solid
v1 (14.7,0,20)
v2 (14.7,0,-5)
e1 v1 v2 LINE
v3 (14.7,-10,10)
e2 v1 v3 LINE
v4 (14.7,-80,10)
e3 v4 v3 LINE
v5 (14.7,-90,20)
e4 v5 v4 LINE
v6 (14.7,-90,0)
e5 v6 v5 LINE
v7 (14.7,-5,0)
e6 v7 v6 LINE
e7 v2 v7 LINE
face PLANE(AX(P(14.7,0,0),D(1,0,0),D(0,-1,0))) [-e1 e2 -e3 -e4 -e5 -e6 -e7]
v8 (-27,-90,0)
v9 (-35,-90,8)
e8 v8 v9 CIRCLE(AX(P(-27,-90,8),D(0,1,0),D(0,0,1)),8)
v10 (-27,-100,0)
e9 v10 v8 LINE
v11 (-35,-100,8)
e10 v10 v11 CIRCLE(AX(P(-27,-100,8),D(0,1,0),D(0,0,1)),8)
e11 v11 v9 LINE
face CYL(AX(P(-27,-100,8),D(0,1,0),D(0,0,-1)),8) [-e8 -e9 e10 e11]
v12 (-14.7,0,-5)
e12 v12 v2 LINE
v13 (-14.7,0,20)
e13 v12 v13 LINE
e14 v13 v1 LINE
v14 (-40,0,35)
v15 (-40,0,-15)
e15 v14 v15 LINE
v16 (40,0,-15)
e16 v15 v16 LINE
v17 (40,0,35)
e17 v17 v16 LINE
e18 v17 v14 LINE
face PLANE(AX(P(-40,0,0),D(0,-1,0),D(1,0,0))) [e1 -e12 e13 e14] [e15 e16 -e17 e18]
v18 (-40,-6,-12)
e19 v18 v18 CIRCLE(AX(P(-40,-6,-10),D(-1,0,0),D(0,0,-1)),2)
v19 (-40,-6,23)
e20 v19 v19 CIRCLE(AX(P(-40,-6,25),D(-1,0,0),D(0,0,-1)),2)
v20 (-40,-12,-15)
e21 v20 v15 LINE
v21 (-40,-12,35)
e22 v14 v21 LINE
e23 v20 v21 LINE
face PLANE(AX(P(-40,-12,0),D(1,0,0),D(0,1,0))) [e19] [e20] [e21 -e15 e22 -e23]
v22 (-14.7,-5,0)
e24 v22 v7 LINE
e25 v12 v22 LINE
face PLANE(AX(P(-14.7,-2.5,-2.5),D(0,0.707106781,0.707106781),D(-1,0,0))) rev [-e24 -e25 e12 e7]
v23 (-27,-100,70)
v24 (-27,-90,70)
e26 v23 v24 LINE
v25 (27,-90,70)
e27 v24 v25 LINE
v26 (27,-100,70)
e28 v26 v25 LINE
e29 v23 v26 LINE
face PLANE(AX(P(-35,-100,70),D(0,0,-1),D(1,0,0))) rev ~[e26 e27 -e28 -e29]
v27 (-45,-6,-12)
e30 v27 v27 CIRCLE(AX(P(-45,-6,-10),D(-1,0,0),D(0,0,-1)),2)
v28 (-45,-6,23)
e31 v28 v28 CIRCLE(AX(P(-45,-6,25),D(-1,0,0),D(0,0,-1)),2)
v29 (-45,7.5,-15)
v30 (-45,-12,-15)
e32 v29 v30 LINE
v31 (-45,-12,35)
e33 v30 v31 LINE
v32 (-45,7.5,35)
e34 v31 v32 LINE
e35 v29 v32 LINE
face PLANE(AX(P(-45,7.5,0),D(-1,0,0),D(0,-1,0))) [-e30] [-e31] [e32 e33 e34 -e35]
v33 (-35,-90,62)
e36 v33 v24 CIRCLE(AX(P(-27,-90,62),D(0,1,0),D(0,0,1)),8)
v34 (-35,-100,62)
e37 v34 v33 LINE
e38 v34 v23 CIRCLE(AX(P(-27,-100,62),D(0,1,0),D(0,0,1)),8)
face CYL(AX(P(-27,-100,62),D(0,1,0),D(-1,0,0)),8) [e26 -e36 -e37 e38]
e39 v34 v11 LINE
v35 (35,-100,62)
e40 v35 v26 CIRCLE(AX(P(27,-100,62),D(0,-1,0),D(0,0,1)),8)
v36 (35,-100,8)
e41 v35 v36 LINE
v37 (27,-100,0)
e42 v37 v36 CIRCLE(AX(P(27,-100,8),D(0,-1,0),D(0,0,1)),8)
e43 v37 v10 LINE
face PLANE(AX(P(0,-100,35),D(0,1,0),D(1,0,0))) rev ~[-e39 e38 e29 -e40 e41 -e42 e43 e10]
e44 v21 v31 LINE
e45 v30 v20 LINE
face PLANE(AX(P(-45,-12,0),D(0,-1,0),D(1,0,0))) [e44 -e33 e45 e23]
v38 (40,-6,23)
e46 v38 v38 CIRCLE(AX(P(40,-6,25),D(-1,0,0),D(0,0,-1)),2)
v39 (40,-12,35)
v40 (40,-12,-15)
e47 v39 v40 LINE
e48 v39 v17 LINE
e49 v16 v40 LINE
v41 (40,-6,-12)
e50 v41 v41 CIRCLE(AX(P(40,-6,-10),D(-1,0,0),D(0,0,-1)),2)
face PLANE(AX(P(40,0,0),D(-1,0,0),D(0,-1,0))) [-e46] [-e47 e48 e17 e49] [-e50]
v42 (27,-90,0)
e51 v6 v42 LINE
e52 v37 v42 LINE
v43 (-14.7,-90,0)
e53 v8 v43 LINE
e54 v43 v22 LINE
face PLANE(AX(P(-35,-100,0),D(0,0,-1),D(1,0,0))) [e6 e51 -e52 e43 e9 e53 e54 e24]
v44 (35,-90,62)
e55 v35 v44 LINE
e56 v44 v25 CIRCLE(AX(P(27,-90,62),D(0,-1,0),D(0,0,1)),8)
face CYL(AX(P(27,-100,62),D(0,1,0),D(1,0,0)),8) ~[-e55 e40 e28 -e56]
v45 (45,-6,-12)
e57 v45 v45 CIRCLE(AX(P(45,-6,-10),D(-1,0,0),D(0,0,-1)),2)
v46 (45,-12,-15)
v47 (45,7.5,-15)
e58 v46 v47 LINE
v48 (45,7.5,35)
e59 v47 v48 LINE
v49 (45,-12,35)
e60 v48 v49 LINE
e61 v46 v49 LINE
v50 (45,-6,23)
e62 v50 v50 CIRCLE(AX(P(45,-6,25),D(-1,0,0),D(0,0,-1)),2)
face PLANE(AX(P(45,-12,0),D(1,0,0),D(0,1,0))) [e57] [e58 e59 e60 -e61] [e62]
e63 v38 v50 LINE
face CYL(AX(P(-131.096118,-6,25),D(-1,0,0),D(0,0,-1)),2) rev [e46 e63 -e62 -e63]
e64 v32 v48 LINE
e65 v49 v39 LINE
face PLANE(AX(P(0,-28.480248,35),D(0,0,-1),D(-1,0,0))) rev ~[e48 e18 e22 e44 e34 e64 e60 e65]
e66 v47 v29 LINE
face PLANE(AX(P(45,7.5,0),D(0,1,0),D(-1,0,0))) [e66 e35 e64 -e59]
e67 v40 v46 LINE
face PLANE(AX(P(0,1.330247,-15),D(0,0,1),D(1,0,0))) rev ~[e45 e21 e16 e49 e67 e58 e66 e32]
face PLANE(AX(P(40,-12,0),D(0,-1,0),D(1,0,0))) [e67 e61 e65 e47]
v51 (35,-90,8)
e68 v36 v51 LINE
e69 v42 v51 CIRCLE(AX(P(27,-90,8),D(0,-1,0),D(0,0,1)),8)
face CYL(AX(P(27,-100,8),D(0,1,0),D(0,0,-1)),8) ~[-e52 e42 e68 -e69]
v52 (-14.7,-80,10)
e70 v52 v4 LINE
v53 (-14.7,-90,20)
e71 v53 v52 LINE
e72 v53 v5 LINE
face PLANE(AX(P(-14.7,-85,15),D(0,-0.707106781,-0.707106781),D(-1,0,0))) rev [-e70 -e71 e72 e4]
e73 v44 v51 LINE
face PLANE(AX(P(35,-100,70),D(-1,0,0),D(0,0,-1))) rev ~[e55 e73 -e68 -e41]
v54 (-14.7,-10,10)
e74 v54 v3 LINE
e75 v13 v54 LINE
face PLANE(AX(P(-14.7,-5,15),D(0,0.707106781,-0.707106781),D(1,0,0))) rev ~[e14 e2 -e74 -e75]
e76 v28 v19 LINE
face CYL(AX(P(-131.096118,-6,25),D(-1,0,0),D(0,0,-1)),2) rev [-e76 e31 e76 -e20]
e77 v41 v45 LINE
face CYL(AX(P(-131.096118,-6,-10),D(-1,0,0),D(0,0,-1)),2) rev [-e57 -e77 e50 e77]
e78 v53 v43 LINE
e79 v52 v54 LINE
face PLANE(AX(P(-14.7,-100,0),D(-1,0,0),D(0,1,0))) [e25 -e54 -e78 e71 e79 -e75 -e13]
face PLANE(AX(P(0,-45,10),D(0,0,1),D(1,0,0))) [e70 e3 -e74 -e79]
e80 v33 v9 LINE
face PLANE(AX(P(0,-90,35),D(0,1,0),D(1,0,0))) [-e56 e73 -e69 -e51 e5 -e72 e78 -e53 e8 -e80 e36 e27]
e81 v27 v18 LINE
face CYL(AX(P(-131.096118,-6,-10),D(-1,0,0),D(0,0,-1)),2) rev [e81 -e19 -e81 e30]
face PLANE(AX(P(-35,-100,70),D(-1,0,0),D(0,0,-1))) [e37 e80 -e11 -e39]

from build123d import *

# Parameters (mm, degrees)
EXTRUDE_2_DEPTH          = 35
EXTRUDE_START            = -100
SKETCH_3_W               = 70
SKETCH_3_H               = 70
EXTRUDE_3_DEPTH          = 10
CUT_EXTRUDE_START        = 35
SKETCH_4_W               = 29.4
SKETCH_4_H               = 90
CUT_EXTRUDE_1_DEPTH      = 25
CHAMFER_1_SIZE           = 10
EXTRUDE_4_DEPTH          = 15
CHAMFER_2_SIZE           = 5
CUT_EXTRUDE_2_DEPTH      = 131.096118313
CUT_EXTRUDE_2_DEPTH_BACK = 131.096118313
SKETCH_6_R               = 2
FILLET_2_R               = 8


with BuildPart() as part:
    # 草图2 → 凸台-拉伸2 (new body)
    with BuildSketch(Plane.XY):
        Polygon((-45, 7.5), (45, 7.5), (45, -12), (40, -12), (40, 0), (14.7, 0), (14.7, -100), (-14.7, -100), (-14.7, 0), (-40, 0), (-40, -12), (-45, -12), align=None)
    extrude(amount=EXTRUDE_2_DEPTH)

    # 草图3 → 凸台-拉伸3 (add)
    with BuildSketch(Plane(origin=(0, 0, 0), x_dir=(1, 0, 0), z_dir=(0, 1, 0)).offset(EXTRUDE_START)):
        with Locations((0, -35)):
            Rectangle(SKETCH_3_W, SKETCH_3_H)
    extrude(amount=EXTRUDE_3_DEPTH)

    # 草图4 → 切除-拉伸1 (cut)
    with BuildSketch(Plane.XY.offset(CUT_EXTRUDE_START)):
        with Locations((0, -45)):
            Rectangle(SKETCH_4_W, SKETCH_4_H)
    extrude(amount=-CUT_EXTRUDE_1_DEPTH, mode=Mode.SUBTRACT)

    # 倒角1
    chamfer_1_edges = [part.edges().sort_by_distance(p)[0] for p in [
        (0, 0, 10),
        (0, -90, 10),
    ]]
    chamfer(chamfer_1_edges, length=CHAMFER_1_SIZE)

    # 草图5 → 凸台-拉伸4 (add)
    with BuildSketch(Plane.XY):
        Polygon((40, -12), (45, -12), (45, 7.5), (-45, 7.5), (-45, -12), (-40, -12), (-40, 0), (40, 0), align=None)
    extrude(amount=-EXTRUDE_4_DEPTH)

    # 倒角2
    chamfer_2_edges = [part.edges().sort_by_distance(p)[0] for p in [
        (0, 0, 0),
    ]]
    chamfer(chamfer_2_edges, length=CHAMFER_2_SIZE)

    # 草图6 → 切除-拉伸2 (cut, two sides: drawn at the far end of the back side and taken through both)
    with BuildSketch(Plane(origin=(0, 0, 0), x_dir=(0, 0, -1), z_dir=(1, 0, 0)).offset(-CUT_EXTRUDE_2_DEPTH_BACK)):
        with Locations((10, -6)):
            Circle(SKETCH_6_R)
        with Locations((-25, -6)):
            Circle(SKETCH_6_R)
    extrude(amount=CUT_EXTRUDE_2_DEPTH + CUT_EXTRUDE_2_DEPTH_BACK, mode=Mode.SUBTRACT)

    # 圆角2
    fillet_2_edges = [part.edges().sort_by_distance(p)[0] for p in [
        (35, -95, 0),
        (-35, -95, 0),
        (-35, -95, 70),
        (35, -95, 70),
    ]]
    fillet(fillet_2_edges, radius=FILLET_2_R)


solid = part.part
